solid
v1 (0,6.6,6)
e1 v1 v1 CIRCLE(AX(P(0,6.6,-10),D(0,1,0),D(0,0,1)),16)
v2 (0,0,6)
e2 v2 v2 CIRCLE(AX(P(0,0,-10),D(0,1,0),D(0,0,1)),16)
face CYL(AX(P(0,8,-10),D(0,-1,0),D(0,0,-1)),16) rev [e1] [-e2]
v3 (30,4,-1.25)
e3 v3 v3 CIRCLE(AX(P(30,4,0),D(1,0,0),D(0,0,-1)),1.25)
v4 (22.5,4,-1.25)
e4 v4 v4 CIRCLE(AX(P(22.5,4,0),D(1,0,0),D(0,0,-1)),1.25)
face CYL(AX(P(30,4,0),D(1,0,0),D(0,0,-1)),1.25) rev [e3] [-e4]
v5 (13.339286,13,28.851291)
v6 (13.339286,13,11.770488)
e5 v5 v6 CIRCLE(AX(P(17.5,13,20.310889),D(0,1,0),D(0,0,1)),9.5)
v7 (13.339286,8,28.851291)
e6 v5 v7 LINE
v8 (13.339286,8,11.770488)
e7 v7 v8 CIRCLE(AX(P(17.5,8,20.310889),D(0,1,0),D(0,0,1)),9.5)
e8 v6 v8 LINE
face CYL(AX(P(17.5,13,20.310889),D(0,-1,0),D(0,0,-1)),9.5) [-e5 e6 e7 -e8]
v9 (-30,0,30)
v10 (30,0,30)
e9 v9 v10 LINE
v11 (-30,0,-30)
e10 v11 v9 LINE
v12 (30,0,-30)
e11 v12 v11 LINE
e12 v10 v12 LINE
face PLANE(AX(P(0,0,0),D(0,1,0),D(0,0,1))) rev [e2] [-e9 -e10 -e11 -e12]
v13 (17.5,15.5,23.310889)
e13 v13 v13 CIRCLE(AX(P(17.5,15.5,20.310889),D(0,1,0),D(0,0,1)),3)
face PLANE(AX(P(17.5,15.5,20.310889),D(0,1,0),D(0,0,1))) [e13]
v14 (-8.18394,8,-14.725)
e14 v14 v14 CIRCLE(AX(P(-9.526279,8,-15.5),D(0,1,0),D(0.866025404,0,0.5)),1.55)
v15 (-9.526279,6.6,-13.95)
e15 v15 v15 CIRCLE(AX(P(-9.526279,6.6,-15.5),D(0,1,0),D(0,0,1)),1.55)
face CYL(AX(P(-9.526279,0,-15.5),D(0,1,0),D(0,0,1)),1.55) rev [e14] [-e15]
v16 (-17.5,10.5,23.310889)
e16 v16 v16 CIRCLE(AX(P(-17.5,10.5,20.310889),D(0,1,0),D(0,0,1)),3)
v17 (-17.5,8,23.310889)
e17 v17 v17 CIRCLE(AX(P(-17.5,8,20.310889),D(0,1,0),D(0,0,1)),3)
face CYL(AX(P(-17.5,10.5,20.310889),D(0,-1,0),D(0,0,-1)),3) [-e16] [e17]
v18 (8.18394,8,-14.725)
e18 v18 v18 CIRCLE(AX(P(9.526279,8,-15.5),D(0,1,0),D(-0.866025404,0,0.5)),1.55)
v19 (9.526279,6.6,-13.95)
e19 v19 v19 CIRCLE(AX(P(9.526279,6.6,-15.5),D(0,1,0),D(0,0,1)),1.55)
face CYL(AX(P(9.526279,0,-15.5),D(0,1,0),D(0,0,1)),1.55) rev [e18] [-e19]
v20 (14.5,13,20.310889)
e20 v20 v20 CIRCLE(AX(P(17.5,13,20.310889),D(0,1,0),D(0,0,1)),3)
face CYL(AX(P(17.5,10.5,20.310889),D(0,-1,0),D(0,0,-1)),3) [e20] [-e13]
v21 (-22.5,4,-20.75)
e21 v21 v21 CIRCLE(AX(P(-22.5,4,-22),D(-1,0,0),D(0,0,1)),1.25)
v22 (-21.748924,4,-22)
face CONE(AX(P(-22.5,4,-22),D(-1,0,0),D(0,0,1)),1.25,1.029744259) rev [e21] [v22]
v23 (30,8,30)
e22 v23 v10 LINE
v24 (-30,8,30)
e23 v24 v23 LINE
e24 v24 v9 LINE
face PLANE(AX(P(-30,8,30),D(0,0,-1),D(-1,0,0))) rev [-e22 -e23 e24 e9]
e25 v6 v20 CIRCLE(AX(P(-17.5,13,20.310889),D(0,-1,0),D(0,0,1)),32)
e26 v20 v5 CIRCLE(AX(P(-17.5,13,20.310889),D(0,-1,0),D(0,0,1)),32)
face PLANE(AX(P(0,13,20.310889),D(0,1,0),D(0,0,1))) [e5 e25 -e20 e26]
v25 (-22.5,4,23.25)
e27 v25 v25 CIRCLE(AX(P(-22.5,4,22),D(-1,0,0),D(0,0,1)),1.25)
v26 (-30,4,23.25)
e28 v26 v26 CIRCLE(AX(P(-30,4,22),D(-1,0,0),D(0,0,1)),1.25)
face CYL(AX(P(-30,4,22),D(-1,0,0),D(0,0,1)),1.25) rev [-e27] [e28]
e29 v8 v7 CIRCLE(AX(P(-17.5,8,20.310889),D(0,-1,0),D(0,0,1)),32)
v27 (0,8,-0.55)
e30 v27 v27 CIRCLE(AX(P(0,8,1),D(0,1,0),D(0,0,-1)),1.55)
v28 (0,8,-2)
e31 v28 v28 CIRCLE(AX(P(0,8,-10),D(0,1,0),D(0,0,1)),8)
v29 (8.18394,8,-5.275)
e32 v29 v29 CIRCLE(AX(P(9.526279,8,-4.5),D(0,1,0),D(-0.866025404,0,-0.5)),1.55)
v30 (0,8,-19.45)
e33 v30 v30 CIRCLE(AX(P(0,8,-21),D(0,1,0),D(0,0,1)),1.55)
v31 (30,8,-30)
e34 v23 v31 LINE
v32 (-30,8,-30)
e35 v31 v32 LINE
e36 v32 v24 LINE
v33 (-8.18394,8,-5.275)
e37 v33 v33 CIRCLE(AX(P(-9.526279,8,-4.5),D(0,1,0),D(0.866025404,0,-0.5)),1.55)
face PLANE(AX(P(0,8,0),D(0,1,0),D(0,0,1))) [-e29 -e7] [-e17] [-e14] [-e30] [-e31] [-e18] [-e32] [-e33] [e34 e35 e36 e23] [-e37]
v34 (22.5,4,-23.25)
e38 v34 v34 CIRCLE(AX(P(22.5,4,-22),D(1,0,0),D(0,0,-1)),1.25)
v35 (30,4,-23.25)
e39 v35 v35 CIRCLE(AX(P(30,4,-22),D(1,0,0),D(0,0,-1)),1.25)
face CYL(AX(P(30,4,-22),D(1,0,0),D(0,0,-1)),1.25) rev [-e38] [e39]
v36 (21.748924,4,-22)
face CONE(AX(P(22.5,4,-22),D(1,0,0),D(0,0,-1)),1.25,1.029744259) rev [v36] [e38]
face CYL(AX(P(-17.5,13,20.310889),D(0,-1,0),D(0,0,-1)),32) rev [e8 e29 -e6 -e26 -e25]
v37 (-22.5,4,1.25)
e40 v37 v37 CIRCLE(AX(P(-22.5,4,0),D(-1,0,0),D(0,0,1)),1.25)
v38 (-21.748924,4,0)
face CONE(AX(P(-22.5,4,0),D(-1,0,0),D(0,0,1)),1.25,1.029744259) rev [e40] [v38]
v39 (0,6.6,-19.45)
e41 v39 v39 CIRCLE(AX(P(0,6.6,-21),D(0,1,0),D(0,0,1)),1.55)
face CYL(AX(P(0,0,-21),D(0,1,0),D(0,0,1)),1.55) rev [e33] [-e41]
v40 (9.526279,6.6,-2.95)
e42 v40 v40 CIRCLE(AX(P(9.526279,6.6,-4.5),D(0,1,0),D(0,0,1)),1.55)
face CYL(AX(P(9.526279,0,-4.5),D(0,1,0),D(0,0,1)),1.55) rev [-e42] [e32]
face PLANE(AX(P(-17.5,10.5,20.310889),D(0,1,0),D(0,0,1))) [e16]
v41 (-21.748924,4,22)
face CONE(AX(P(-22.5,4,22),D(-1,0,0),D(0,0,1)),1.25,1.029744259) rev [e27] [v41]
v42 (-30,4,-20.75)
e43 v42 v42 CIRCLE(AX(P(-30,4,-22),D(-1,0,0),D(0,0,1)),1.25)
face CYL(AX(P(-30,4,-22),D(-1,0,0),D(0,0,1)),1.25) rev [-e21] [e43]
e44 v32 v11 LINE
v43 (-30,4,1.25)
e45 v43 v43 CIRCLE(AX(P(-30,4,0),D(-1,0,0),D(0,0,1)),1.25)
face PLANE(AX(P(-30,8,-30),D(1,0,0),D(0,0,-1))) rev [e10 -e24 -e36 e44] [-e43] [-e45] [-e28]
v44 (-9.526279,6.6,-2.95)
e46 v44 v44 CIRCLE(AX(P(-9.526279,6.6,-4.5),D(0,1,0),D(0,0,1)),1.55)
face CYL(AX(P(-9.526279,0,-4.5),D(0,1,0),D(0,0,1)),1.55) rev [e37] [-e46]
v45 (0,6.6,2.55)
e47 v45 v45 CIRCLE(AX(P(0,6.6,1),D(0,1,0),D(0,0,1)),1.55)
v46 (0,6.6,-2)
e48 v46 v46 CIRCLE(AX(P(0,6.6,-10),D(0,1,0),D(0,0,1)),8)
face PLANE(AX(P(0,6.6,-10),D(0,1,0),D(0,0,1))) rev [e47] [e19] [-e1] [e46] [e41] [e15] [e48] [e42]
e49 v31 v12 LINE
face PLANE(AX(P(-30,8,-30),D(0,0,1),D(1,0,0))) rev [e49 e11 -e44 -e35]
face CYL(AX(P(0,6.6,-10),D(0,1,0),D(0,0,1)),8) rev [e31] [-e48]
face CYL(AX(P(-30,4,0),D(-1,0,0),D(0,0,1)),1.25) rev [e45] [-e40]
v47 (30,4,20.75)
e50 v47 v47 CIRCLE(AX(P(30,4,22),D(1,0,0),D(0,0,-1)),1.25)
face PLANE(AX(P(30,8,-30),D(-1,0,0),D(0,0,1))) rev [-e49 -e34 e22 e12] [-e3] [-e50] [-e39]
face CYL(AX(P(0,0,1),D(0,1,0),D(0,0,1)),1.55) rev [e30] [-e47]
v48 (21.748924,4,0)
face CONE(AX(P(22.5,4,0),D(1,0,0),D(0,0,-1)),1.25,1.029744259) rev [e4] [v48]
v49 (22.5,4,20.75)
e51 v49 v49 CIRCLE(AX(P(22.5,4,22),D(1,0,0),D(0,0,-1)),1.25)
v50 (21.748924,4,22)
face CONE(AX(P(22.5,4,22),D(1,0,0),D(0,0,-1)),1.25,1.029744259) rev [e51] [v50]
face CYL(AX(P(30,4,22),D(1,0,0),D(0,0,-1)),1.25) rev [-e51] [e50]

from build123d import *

# Parameters (mm, degrees)
SKETCH1_W                  = 60
SKETCH1_H                  = 60
SKETCH1_R                  = 16
BOSS_EXTRUDE1_DEPTH        = 8
SKETCH2_R                  = 3
BOSS_EXTRUDE2_DEPTH        = 2.5
SKETCH7_R                  = 3
BOSS_EXTRUDE3_DEPTH        = 5
BOSS_EXTRUDE4_DEPTH        = 5
BOSS_EXTRUDE5_START        = -1.4
SKETCH9_R                  = 16
SKETCH9_R_2                = 8
BOSS_EXTRUDE5_DEPTH        = 1.4
SKETCH10_R                 = 1.55
CUT_EXTRUDE2_DEPTH         = 44.17406629
CIRPATTERN1_COUNT          = 6
M3_TAPPED_HOLE2_AT_2_COUNT = 2
M3_TAPPED_HOLE2_AT_2_PITCH = 22
M3_TAPPED_HOLE2_AT_3_COUNT = 2
M3_TAPPED_HOLE2_AT_3_PITCH = 44


with BuildPart() as part:
    # Sketch1 → Boss-Extrude1 (new body)
    with BuildSketch(Plane(origin=(0, 0, 0), x_dir=(1, 0, 0), z_dir=(0, 1, 0))):
        Rectangle(SKETCH1_W, SKETCH1_H)
        with Locations(Location((0, 10, 0), (0, 0, 270))):
            Circle(SKETCH1_R, mode=Mode.SUBTRACT)
    extrude(amount=BOSS_EXTRUDE1_DEPTH)

    # Sketch2 → Boss-Extrude2 (add)
    with BuildSketch(Plane(origin=(0, 8, 0), x_dir=(1, 0, 0), z_dir=(0, 1, 0))):
        with Locations(Location((-17.5, -20.310889132, 0), (0, 0, 270))):
            Circle(SKETCH2_R)
        with Locations(Location((17.5, -20.310889132, 0), (0, 0, 270))):
            Circle(SKETCH2_R)
    extrude(amount=BOSS_EXTRUDE2_DEPTH)

    # Sketch7 → Boss-Extrude3 (add)
    with BuildSketch(Plane(origin=(0, 10.5, 0), x_dir=(1, 0, 0), z_dir=(0, 1, 0))):
        with Locations(Location((17.5, -20.310889132, 0), (0, 0, 270))):
            Circle(SKETCH7_R)
    extrude(amount=BOSS_EXTRUDE3_DEPTH)

    # Sketch8 → Boss-Extrude4 (add)
    with BuildSketch(Plane(origin=(0, 8, 0), x_dir=(1, 0, 0), z_dir=(0, 1, 0))):
        with BuildLine():
            ThreePointArc((13.339285714, -28.851290565), (27, -20.310889132), (13.339285714, -11.7704877))
            ThreePointArc((13.339285714, -11.7704877), (14.5, -20.310889132), (13.339285714, -28.851290565))
        make_face()
    extrude(amount=BOSS_EXTRUDE4_DEPTH)

    # Sketch9 → Boss-Extrude5 (add)
    with BuildSketch(Plane(origin=(0, 8, 0), x_dir=(1, 0, 0), z_dir=(0, 1, 0)).offset(BOSS_EXTRUDE5_START)):
        with Locations(Location((0, 10, 0), (0, 0, 270))):
            Circle(SKETCH9_R)
        with Locations(Location((0, 10, 0), (0, 0, 270))):
            Circle(SKETCH9_R_2, mode=Mode.SUBTRACT)
    extrude(amount=BOSS_EXTRUDE5_DEPTH)

    # Sketch10 → Cut-Extrude2 (cut, through all)
    with BuildSketch(Plane(origin=(0, 8, 0), x_dir=(1, 0, 0), z_dir=(0, 1, 0))):
        with Locations(Location((0, 21, 0), (0, 0, 270))):
            Circle(SKETCH10_R)
    cut_extrude2 = extrude(amount=-CUT_EXTRUDE2_DEPTH, mode=Mode.SUBTRACT)

    # CirPattern1: Cut-Extrude2 ×6 about axis
    cirpattern1_axis = Axis((0, 0, -10), (0, 1, 0))
    for i in range(1, CIRPATTERN1_COUNT):
        add(cut_extrude2.rotate(cirpattern1_axis, i * 360 / CIRPATTERN1_COUNT), mode=Mode.SUBTRACT)

    # Sketch16 → M3 Tapped Hole2 (revolve, cut)
    with BuildSketch(Plane(origin=(30, 4, 22), x_dir=(0, 0, -1), z_dir=(0, 1, 0))):
        Polygon((0, 0), (0, 8.251075774), (1.25, 7.5), (1.25, 0), align=None)
    m3_tapped_hole2 = revolve(axis=Axis((36.35, 4, 22), (-1, 0, 0)), mode=Mode.SUBTRACT)

    # M3 Tapped Hole2 at 2: M3 Tapped Hole2 ×2
    with Locations(*[(0, 0, -i * M3_TAPPED_HOLE2_AT_2_PITCH) for i in range(1, M3_TAPPED_HOLE2_AT_2_COUNT)]):
        add(m3_tapped_hole2, mode=Mode.SUBTRACT)

    # M3 Tapped Hole2 at 3: M3 Tapped Hole2 ×2
    with Locations(*[(0, 0, -i * M3_TAPPED_HOLE2_AT_3_PITCH) for i in range(1, M3_TAPPED_HOLE2_AT_3_COUNT)]):
        add(m3_tapped_hole2, mode=Mode.SUBTRACT)

    # Mirror1: M3 Tapped Hole2 across plane
    add(m3_tapped_hole2.mirror(Plane(origin=(0, 0, 0), x_dir=(0, 0, 1), z_dir=(1, 0, 0))), mode=Mode.SUBTRACT)

    # Mirror1 copy 1 sketch → Mirror1 copy 1 (revolve, cut)
    with BuildSketch(Plane(origin=(-30, 4, 0), x_dir=(0, 0, -1), z_dir=(0, 1, 0))):
        Polygon((0, 0), (0, -8.251075774), (1.25, -7.5), (1.25, 0), align=None)
    revolve(axis=Axis((-36.35, 4, 0), (-1, 0, 0)), mode=Mode.SUBTRACT)

    # Mirror1 copy 2 sketch → Mirror1 copy 2 (revolve, cut)
    with BuildSketch(Plane(origin=(-30, 4, -22), x_dir=(0, 0, -1), z_dir=(0, 1, 0))):
        Polygon((0, 0), (0, -8.251075774), (1.25, -7.5), (1.25, 0), align=None)
    revolve(axis=Axis((-36.35, 4, -22), (-1, 0, 0)), mode=Mode.SUBTRACT)


solid = part.part
